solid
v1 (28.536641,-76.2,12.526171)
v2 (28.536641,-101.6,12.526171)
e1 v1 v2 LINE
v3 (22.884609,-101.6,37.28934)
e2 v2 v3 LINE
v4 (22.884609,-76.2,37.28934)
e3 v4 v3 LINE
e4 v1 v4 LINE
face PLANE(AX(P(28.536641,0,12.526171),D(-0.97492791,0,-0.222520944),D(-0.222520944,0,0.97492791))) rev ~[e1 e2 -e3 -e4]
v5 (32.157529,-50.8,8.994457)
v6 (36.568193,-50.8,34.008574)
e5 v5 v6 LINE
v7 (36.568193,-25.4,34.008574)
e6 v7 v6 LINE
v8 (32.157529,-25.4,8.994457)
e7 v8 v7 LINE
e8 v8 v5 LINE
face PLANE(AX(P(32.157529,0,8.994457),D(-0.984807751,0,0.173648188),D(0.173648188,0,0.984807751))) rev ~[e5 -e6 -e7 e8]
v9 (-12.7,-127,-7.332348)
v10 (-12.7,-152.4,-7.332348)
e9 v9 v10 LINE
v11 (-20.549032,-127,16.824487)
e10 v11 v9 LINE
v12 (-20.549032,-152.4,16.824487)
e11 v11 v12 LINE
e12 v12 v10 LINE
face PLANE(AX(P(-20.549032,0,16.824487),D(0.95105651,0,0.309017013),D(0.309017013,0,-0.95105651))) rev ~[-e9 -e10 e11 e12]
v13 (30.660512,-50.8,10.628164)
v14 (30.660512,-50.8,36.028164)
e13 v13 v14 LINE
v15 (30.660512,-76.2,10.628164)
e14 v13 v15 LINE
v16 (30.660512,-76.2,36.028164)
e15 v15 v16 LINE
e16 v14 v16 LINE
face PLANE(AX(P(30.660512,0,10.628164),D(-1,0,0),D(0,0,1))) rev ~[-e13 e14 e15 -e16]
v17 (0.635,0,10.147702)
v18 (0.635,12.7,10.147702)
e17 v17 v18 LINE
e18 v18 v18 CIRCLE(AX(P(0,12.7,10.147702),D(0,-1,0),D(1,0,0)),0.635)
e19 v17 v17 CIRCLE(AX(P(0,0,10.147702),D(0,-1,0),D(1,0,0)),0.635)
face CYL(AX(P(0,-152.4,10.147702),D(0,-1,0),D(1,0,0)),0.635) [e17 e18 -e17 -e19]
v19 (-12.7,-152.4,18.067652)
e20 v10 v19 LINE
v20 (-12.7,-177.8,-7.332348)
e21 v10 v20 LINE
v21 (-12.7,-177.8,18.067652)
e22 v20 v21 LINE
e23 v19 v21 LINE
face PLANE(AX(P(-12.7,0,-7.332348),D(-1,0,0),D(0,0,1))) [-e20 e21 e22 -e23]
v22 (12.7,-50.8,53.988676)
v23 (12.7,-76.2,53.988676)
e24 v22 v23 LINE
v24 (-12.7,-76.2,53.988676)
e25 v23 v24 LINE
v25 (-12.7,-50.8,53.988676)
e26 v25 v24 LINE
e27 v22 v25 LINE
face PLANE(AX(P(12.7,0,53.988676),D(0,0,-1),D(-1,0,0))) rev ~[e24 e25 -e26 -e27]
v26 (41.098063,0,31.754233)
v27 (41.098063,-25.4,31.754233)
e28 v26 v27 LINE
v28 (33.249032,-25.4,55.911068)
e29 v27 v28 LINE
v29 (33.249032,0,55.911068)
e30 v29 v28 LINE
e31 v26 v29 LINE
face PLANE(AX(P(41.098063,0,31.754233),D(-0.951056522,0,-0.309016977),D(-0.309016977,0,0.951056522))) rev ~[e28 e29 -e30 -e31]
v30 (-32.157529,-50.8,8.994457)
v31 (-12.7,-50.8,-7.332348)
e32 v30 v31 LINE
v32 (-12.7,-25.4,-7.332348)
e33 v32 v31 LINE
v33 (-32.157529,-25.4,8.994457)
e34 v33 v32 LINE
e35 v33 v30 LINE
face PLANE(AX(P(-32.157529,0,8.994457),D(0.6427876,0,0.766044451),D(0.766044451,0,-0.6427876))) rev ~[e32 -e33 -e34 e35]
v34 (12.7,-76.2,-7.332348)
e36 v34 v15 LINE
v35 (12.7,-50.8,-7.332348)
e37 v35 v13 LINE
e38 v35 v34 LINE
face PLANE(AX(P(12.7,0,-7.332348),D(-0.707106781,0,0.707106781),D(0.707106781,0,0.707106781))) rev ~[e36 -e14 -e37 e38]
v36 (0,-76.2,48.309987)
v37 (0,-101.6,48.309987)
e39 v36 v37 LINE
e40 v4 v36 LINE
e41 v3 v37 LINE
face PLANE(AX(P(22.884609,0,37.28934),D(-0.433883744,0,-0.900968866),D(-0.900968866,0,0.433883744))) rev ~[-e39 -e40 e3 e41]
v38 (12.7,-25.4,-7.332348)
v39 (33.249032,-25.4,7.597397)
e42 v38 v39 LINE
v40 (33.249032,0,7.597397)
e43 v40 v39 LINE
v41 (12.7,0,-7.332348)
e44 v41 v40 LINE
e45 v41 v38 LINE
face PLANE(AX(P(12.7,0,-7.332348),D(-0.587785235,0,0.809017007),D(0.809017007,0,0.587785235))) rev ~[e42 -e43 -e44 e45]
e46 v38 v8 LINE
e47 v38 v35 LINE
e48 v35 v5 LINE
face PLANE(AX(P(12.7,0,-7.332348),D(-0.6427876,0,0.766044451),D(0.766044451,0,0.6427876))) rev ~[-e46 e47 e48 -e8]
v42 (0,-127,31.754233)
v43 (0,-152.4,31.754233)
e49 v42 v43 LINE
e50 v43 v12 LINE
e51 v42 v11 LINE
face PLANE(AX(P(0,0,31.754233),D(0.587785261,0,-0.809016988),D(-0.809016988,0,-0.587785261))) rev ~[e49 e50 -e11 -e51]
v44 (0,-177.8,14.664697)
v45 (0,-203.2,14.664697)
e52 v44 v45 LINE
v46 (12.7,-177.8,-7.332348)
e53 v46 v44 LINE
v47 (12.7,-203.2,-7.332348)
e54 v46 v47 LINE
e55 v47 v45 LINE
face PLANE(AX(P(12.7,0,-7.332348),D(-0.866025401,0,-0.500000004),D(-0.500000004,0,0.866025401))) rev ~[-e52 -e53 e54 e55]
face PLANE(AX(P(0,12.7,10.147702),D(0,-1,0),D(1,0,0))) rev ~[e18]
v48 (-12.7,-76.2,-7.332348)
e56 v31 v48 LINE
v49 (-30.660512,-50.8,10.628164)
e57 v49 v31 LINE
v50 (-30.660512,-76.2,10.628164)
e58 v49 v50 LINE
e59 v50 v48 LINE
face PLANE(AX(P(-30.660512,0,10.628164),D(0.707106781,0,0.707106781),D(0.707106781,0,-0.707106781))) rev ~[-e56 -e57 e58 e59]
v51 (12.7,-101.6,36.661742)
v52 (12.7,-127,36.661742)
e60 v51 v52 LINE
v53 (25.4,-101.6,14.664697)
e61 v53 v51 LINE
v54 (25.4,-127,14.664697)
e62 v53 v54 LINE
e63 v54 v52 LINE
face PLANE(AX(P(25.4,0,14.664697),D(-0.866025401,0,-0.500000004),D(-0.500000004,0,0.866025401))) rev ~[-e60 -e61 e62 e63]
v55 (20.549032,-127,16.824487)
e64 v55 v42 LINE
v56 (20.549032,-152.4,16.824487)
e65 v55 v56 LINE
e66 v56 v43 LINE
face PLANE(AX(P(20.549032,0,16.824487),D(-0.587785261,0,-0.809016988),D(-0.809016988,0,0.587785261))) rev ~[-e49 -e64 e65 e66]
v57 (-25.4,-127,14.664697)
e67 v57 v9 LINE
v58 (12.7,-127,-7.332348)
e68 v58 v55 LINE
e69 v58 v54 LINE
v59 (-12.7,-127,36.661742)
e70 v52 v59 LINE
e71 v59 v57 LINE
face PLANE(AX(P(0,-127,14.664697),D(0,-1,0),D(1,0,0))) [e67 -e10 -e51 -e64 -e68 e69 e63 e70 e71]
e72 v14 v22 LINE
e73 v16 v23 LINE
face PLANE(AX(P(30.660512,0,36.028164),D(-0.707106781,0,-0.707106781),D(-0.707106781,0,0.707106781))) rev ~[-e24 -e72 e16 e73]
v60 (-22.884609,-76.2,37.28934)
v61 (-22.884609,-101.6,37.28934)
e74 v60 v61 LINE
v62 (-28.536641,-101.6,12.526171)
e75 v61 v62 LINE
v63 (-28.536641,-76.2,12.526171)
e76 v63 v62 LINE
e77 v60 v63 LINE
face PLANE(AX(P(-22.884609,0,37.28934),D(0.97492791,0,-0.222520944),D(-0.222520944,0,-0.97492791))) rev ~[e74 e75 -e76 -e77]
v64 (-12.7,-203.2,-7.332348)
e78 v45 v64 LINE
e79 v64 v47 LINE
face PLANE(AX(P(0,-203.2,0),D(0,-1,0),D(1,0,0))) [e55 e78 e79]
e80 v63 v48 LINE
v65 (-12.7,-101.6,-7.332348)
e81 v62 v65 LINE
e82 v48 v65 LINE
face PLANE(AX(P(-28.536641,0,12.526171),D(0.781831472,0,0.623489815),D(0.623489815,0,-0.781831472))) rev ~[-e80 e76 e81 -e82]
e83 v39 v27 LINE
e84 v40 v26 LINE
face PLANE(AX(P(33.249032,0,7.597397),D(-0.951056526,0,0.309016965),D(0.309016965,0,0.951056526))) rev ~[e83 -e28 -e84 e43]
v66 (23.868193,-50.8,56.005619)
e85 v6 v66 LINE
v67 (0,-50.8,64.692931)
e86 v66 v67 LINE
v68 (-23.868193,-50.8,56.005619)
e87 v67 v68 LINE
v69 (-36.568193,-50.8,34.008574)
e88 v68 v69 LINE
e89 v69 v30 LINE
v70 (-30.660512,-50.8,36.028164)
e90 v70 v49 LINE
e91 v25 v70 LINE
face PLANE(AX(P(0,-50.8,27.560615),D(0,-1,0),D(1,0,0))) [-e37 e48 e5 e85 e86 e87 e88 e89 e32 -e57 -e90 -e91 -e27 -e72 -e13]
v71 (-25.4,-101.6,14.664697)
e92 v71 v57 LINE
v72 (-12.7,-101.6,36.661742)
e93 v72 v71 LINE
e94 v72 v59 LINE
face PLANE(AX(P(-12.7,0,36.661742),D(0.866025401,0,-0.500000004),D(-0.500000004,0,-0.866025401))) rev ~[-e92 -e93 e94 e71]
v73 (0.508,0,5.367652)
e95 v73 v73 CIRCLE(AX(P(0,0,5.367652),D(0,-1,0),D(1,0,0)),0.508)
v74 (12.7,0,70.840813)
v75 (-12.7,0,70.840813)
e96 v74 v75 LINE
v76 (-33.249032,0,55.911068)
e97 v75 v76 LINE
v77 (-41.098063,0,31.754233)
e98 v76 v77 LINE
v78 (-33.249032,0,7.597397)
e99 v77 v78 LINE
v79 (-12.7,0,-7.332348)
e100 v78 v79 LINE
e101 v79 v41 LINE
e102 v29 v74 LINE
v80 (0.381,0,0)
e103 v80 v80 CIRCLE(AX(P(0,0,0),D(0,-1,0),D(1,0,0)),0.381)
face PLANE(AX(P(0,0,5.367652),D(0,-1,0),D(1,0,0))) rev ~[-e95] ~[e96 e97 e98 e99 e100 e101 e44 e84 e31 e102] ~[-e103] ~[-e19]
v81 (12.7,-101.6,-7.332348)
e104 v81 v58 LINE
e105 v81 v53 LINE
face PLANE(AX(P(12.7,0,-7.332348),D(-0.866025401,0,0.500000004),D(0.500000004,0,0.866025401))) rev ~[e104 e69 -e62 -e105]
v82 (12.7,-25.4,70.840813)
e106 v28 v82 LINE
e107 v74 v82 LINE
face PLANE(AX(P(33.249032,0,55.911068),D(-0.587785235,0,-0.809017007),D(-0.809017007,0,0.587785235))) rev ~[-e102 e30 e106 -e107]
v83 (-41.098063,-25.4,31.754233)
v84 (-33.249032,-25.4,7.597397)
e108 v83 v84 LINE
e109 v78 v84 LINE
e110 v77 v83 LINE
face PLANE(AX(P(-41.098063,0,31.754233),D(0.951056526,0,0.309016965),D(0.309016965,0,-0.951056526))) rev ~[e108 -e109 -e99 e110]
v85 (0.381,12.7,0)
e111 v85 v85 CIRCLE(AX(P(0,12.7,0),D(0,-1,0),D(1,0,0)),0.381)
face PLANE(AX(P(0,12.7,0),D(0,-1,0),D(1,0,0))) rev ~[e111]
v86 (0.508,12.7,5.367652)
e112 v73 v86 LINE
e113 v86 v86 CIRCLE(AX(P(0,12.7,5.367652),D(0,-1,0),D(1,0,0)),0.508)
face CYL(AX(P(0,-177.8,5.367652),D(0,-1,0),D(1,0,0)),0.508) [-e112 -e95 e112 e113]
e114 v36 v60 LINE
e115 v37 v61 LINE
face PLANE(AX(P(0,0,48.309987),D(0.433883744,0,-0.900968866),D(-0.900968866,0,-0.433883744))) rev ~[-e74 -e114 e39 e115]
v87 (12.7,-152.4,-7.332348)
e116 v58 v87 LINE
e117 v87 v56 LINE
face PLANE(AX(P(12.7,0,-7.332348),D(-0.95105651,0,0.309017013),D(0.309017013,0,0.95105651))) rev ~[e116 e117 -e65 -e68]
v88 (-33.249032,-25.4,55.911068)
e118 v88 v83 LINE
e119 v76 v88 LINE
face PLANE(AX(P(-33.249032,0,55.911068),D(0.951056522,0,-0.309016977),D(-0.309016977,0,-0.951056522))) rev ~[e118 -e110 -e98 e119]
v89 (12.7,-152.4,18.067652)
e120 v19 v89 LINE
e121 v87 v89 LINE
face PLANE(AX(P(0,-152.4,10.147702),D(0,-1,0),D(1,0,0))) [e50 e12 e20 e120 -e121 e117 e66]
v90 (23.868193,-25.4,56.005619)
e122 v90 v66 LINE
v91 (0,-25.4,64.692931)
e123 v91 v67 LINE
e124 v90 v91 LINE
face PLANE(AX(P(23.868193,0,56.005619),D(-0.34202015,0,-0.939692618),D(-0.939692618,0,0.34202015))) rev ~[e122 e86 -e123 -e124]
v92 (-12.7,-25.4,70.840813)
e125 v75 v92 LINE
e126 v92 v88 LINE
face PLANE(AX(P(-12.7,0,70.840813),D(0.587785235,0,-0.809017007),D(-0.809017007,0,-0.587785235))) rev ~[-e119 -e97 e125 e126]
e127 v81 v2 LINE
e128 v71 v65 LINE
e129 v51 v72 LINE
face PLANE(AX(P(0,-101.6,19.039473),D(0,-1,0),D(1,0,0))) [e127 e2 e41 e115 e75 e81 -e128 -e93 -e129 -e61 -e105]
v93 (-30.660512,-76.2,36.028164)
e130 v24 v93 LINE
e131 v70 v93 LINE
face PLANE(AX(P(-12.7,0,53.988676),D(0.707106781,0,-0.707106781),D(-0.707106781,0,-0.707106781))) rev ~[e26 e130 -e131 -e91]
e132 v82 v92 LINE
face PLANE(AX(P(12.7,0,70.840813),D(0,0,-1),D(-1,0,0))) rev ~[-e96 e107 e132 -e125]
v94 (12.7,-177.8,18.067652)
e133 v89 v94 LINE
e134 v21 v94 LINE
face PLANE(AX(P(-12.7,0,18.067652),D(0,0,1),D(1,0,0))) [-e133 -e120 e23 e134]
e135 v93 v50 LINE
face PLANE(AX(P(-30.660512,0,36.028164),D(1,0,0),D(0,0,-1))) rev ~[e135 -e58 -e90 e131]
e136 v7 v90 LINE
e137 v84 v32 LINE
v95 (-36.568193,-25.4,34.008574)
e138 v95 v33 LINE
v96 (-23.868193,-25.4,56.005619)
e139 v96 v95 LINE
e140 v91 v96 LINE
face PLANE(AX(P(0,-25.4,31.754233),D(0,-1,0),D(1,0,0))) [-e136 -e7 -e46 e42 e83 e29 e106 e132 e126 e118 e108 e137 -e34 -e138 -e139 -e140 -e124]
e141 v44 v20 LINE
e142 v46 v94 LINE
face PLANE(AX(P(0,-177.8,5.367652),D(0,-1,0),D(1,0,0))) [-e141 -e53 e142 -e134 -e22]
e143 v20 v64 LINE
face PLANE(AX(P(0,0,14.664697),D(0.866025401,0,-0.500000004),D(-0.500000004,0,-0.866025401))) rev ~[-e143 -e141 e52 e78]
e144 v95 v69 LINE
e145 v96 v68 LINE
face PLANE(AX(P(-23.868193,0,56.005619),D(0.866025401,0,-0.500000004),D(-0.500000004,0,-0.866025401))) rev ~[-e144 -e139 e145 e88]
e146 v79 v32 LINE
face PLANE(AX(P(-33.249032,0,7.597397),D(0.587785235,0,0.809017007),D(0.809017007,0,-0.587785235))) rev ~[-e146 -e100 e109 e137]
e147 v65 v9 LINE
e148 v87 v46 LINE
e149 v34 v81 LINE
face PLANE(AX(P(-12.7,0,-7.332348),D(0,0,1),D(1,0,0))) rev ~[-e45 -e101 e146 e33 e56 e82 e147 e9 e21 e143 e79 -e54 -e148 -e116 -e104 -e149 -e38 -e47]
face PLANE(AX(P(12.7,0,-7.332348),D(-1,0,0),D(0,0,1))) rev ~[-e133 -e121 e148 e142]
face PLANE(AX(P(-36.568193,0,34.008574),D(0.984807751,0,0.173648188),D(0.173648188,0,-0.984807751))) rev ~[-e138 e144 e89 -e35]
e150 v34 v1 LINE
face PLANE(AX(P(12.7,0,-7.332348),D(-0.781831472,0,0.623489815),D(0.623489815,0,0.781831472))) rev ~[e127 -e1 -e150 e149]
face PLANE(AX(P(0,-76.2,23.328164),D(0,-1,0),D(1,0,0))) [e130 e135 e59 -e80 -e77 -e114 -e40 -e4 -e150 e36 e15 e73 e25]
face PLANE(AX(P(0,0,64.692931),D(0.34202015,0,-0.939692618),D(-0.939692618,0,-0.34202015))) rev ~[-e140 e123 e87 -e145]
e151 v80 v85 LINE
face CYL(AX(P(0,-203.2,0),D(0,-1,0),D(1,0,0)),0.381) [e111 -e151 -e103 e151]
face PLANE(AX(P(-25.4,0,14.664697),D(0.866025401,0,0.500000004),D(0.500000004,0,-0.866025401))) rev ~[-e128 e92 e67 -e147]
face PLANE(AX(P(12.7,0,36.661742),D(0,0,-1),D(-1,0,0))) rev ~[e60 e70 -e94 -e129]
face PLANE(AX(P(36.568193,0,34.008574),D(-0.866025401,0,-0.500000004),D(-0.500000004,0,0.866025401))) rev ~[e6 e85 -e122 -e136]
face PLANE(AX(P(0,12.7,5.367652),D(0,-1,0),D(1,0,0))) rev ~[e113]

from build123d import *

# Parameters (mm, degrees)
F1_DEPTH  = 203.2
F2_W      = 25.4
F2_H      = 25.4
F3_DEPTH  = 177.8
F5_DEPTH  = 152.4
F7_DEPTH  = 127
F9_DEPTH  = 101.6
F11_DEPTH = 76.2
F13_DEPTH = 50.8
F15_DEPTH = 25.4
F16_R     = 0.508
F17_DEPTH = 190.5
F18_R     = 0.381
F19_DEPTH = 215.9
F20_R     = 0.635
F21_DEPTH = 165.1


with BuildPart() as f1:
    # F0 (on Front) → F1 (new body)
    with BuildSketch(Plane.XZ):
        Polygon((-12.7, -7.332348), (12.7, -7.332348), (0, 14.664697), align=None)
    extrude(amount=F1_DEPTH)

    # F2 (on Front) → F3 (join)
    with BuildSketch(Plane.XZ):
        with Locations((0, 5.367652)):
            Rectangle(F2_W, F2_H)
    extrude(amount=F3_DEPTH)

    # F4 (on Front) → F5 (join)
    with BuildSketch(Plane.XZ):
        Polygon((-12.7, -7.332348), (12.7, -7.332348), (20.549032, 16.824487), (0, 31.754233), (-20.549032, 16.824487), align=None)
    extrude(amount=F5_DEPTH)

    # F6 (on Front) → F7 (join)
    with BuildSketch(Plane.XZ):
        Polygon((-12.7, -7.332348), (12.7, -7.332348), (25.4, 14.664697), (12.7, 36.661742), (-12.7, 36.661742), (-25.4, 14.664697), align=None)
    extrude(amount=F7_DEPTH)

    # F8 (on Front) → F9 (join)
    with BuildSketch(Plane.XZ):
        Polygon((-12.7, -7.332348), (12.7, -7.332348), (28.536641, 12.526171), (22.884609, 37.28934), (0, 48.309987), (-22.884609, 37.28934), (-28.536641, 12.526171), align=None)
    extrude(amount=F9_DEPTH)

    # F10 (on Front) → F11 (join)
    with BuildSketch(Plane.XZ):
        Polygon((-12.7, -7.332348), (12.7, -7.332348), (30.660512, 10.628164), (30.660512, 36.028164), (12.7, 53.988676), (-12.7, 53.988676), (-30.660512, 36.028164), (-30.660512, 10.628164), align=None)
    extrude(amount=F11_DEPTH)

    # F12 (on Front) → F13 (join)
    with BuildSketch(Plane.XZ):
        Polygon((-12.7, -7.332348), (12.7, -7.332348), (32.157529, 8.994457), (36.568193, 34.008574), (23.868193, 56.005619), (0, 64.692931), (-23.868193, 56.005619), (-36.568193, 34.008574), (-32.157529, 8.994457), align=None)
    extrude(amount=F13_DEPTH)

    # F14 (on Front) → F15 (join)
    with BuildSketch(Plane.XZ):
        Polygon((-12.7, -7.332348), (12.7, -7.332348), (33.249032, 7.597397), (41.098063, 31.754233), (33.249032, 55.911068), (12.7, 70.840813), (-12.7, 70.840813), (-33.249032, 55.911068), (-41.098063, 31.754233), (-33.249032, 7.597397), align=None)
    extrude(amount=F15_DEPTH)

    # F16 (on face) → F17 (join)
    with BuildSketch(Plane.XZ.offset(177.8)):
        with Locations((0, 5.367652)):
            Circle(F16_R)
    extrude(amount=-F17_DEPTH)

    # F18 (on face) → F19 (join)
    with BuildSketch(Plane.XZ.offset(203.2)):
        Circle(F18_R)
    extrude(amount=-F19_DEPTH)

    # F20 (on face) → F21 (join)
    with BuildSketch(Plane.XZ.offset(152.4)):
        with Locations((0, 10.147702)):
            Circle(F20_R)
    extrude(amount=-F21_DEPTH)


solid = f1.part
